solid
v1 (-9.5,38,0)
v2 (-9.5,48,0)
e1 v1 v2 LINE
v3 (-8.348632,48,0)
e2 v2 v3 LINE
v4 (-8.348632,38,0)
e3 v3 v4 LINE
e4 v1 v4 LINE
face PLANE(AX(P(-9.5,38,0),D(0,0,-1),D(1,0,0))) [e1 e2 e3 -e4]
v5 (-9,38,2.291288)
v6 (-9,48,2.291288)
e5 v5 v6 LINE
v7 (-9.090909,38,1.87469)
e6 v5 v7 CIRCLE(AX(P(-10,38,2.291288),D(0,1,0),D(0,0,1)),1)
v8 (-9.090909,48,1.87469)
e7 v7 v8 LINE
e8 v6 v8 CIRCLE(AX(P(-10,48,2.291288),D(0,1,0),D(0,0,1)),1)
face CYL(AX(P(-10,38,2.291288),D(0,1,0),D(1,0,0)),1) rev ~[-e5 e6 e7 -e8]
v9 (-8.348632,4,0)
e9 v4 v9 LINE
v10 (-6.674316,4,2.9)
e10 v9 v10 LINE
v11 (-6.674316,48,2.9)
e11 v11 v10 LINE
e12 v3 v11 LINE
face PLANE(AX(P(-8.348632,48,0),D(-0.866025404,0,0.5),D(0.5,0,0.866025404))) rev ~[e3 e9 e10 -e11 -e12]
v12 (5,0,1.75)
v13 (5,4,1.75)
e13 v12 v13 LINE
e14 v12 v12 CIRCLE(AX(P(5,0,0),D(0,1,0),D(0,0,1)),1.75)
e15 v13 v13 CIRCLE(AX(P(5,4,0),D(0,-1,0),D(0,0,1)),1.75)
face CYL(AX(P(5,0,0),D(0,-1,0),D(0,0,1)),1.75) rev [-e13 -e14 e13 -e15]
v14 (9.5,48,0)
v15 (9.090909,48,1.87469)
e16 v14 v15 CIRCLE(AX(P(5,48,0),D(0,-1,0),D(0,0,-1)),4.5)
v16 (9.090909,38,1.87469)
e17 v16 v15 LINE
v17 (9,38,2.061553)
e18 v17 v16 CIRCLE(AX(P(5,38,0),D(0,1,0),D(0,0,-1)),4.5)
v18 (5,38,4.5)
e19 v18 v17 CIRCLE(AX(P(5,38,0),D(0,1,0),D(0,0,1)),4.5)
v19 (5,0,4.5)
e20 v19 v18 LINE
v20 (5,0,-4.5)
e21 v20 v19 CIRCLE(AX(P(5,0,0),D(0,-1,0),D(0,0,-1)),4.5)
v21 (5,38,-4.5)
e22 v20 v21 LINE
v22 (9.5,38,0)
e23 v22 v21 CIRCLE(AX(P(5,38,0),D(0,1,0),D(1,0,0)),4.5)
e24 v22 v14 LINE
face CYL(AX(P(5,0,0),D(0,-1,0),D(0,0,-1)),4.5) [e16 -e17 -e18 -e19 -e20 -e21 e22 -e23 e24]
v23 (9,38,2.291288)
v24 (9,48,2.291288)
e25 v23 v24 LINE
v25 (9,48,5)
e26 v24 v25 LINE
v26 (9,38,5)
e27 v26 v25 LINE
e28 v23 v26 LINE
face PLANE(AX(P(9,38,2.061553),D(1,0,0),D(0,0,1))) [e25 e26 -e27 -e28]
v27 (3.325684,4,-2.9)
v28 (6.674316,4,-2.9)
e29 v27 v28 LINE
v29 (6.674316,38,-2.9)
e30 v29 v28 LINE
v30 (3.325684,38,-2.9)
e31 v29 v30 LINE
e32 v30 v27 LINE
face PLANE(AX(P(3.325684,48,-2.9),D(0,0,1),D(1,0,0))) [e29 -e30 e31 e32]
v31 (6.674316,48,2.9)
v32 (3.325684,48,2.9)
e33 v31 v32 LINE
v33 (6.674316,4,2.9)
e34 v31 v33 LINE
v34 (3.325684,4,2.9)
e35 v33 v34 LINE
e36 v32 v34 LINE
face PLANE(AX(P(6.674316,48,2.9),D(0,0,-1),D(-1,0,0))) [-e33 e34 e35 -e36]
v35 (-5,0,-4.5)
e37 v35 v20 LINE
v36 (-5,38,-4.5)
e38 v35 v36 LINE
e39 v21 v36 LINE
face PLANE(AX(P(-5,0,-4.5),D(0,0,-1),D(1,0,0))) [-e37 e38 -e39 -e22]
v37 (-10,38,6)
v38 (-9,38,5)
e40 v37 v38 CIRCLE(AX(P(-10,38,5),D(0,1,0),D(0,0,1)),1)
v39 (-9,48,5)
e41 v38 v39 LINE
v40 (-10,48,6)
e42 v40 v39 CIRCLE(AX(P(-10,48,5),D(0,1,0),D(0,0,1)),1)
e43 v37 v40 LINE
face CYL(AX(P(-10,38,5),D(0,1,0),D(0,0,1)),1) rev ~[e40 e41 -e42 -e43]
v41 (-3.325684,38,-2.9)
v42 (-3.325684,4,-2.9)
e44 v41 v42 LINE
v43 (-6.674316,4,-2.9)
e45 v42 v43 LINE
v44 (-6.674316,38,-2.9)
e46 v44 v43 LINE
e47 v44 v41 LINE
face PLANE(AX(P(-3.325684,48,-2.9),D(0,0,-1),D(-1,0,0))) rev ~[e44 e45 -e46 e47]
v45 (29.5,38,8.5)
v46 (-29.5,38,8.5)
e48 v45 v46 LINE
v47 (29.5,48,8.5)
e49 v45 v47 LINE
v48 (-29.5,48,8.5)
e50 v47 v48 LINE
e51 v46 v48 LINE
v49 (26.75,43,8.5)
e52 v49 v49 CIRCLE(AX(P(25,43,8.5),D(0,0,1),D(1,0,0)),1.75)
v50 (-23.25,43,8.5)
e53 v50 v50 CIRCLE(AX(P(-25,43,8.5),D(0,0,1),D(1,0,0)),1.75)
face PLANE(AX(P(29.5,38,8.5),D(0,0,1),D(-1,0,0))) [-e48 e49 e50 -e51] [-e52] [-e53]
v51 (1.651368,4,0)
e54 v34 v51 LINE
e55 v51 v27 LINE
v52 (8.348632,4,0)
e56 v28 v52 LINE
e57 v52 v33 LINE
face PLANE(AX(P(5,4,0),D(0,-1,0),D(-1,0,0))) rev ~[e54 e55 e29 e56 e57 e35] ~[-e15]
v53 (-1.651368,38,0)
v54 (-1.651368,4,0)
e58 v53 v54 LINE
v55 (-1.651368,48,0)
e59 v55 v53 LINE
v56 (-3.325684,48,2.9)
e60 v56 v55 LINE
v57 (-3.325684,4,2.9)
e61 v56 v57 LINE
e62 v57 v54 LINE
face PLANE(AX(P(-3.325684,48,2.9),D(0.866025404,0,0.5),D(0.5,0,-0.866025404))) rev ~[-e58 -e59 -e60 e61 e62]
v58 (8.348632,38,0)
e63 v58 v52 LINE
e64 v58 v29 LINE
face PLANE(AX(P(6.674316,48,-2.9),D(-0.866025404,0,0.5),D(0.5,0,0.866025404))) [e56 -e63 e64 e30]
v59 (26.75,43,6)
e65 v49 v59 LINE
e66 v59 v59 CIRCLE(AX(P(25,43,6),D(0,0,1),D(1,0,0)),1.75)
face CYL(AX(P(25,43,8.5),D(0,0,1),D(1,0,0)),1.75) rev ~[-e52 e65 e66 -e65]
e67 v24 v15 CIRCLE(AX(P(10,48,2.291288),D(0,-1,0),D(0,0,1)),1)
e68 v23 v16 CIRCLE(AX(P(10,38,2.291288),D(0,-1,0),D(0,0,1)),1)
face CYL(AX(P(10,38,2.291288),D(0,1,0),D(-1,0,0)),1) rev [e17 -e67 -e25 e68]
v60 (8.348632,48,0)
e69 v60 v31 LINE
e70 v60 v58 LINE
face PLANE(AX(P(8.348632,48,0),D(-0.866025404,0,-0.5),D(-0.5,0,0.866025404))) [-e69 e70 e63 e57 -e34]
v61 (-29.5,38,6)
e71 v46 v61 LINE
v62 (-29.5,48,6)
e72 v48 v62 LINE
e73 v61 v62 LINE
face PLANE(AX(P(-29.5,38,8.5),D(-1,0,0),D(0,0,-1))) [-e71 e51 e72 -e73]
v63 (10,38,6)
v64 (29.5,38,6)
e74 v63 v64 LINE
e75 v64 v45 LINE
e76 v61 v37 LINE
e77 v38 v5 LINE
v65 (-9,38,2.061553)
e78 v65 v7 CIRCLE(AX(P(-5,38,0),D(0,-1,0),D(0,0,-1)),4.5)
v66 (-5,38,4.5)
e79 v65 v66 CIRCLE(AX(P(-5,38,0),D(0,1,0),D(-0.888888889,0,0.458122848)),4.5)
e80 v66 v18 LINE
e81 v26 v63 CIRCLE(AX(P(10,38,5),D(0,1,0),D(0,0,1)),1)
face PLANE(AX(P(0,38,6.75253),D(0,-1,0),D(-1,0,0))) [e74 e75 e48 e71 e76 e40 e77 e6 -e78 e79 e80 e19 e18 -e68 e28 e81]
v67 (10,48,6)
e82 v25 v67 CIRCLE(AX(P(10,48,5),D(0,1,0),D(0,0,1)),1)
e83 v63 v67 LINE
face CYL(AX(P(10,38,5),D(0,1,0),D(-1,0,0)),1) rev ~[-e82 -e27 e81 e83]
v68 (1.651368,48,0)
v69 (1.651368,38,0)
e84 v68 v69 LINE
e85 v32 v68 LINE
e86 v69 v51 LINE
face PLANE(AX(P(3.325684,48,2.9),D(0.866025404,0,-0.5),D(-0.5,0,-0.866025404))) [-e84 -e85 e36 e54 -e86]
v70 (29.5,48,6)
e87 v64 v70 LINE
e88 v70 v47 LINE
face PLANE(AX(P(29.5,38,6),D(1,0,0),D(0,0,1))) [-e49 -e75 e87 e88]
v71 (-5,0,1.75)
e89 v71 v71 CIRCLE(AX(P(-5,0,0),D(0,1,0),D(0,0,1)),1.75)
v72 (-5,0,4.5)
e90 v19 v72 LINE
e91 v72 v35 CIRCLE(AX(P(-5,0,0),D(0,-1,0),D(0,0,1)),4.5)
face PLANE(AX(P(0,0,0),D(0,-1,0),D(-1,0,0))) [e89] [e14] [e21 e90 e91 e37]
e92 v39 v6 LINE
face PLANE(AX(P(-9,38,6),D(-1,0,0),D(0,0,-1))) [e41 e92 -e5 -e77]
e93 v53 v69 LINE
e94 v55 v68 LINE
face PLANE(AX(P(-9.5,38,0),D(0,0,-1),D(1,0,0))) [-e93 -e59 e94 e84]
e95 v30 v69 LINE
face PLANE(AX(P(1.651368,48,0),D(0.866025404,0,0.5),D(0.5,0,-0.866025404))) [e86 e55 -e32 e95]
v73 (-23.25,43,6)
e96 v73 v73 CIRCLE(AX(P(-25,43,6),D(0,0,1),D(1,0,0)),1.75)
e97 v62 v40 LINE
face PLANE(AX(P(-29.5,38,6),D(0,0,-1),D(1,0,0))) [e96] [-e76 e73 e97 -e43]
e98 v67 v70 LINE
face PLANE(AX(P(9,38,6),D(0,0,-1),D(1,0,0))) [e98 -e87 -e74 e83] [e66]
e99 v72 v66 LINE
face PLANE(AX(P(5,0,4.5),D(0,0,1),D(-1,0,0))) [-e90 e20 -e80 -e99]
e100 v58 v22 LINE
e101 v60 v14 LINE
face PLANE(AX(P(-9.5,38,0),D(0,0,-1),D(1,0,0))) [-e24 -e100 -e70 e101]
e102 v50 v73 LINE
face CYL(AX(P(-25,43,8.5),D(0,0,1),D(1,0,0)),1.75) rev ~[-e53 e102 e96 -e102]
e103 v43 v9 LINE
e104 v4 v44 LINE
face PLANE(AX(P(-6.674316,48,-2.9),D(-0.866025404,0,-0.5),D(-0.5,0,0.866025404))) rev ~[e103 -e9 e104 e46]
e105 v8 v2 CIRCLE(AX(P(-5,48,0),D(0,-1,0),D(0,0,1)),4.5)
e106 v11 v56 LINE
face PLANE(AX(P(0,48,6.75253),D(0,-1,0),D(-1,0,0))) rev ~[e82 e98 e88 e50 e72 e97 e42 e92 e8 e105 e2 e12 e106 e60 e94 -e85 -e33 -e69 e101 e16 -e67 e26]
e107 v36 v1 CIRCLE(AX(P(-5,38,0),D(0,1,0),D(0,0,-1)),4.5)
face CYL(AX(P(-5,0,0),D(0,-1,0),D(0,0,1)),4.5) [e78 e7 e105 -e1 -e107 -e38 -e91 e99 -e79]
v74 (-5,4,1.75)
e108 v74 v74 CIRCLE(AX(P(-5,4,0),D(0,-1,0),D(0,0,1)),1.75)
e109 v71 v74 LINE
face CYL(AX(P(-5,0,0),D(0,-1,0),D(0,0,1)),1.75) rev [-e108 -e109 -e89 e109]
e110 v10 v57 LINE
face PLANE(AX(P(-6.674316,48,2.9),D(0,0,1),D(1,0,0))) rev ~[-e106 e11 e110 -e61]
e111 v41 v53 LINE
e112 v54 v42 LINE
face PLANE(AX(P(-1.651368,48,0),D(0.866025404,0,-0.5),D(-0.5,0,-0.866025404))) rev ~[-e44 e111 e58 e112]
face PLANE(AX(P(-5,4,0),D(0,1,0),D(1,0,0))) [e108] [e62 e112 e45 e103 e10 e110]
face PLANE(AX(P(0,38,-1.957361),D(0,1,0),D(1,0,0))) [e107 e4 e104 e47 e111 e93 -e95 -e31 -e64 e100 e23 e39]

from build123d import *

# Parameters (mm, degrees)
SKETCH1_R           = 1.75
BOSS_EXTRUDE1_DEPTH = 48
CUT_EXTRUDE1_DEPTH  = 44
BOSS_EXTRUDE2_START = -10
BOSS_EXTRUDE2_DEPTH = 10
CUT_EXTRUDE2_START  = -10
CUT_EXTRUDE2_DEPTH  = 10
FILLET3_R           = 1
SKETCH6_R           = 1.75
CUT_EXTRUDE3_DEPTH  = 10


with BuildPart() as part:
    # Sketch1 → Boss-Extrude1 (new body)
    with BuildSketch(Plane(origin=(0, 0, 0), x_dir=(1, 0, 0), z_dir=(0, 1, 0))):
        with BuildLine():
            Line((-5, 4.5), (5, 4.5))
            ThreePointArc((5, 4.5), (9.5, 0), (5, -4.5))
            Line((5, -4.5), (-5, -4.5))
            ThreePointArc((-5, -4.5), (-9.5, 0), (-5, 4.5))
        make_face()
        with Locations(Location((-5, 0, 0), (0, 0, 270))):
            Circle(SKETCH1_R, mode=Mode.SUBTRACT)
        with Locations(Location((5, 0, 0), (0, 0, 270))):
            Circle(SKETCH1_R, mode=Mode.SUBTRACT)
    extrude(amount=BOSS_EXTRUDE1_DEPTH)

    # Sketch2 → Cut-Extrude1 (cut)
    with BuildSketch(Plane(origin=(0, 48, 0), x_dir=(1, 0, 0), z_dir=(0, 1, 0))):
        Polygon((-1.651368439, 0), (-3.325684219, 2.9), (-6.674315781, 2.9), (-8.348631561, 0), (-6.674315781, -2.9), (-3.325684219, -2.9), align=None)
        Polygon((3.325684219, -2.9), (1.651368439, 0), (3.325684219, 2.9), (6.674315781, 2.9), (8.348631561, 0), (6.674315781, -2.9), align=None)
    extrude(amount=-CUT_EXTRUDE1_DEPTH, mode=Mode.SUBTRACT)

    # Sketch4 → Boss-Extrude2 (add)
    with BuildSketch(Plane(origin=(0, 48, 0), x_dir=(1, 0, 0), z_dir=(0, 1, 0)).offset(BOSS_EXTRUDE2_START)):
        with BuildLine():
            Line((-5, -4.5), (5, -4.5))
            ThreePointArc((5, -4.5), (7.342329219, -3.842329219), (9, -2.061552813))
            Line((9, -2.061552813), (9, -6))
            Line((9, -6), (29.5, -6))
            Line((29.5, -6), (29.5, -8.5))
            Line((29.5, -8.5), (10.5, -8.5))
            Line((10.5, -8.5), (-10.5, -8.5))
            Line((-10.5, -8.5), (-29.5, -8.5))
            Line((-29.5, -8.5), (-29.5, -6))
            Line((-29.5, -6), (-9, -6))
            Line((-9, -6), (-9, -2.061552813))
            ThreePointArc((-9, -2.061552813), (-7.342329219, -3.842329219), (-5, -4.5))
        make_face()
    extrude(amount=BOSS_EXTRUDE2_DEPTH)

    # Sketch5 → Cut-Extrude2 (cut)
    with BuildSketch(Plane(origin=(0, 48, 0), x_dir=(1, 0, 0), z_dir=(0, 1, 0)).offset(CUT_EXTRUDE2_START)):
        with BuildLine():
            Line((-9.5, 0), (9.5, 0))
            ThreePointArc((9.5, 0), (8.181980515, 3.181980515), (5, 4.5))
            Line((5, 4.5), (-5, 4.5))
            ThreePointArc((-5, 4.5), (-8.181980515, 3.181980515), (-9.5, 0))
        make_face()
    extrude(amount=CUT_EXTRUDE2_DEPTH, mode=Mode.SUBTRACT)

    # Fillet3
    fillet3_edges = [part.edges().sort_by_distance(p)[0] for p in [
        (-9, 43, 6),
        (-9, 43, 2.061552813),
        (9, 43, 2.061552813),
        (9, 43, 6),
    ]]
    fillet(fillet3_edges, radius=FILLET3_R)

    # Sketch6 → Cut-Extrude3 (cut)
    with BuildSketch(Plane.XY.offset(8.5)):
        with Locations((-25, 43)):
            Circle(SKETCH6_R)
        with Locations((25, 43)):
            Circle(SKETCH6_R)
    extrude(amount=-CUT_EXTRUDE3_DEPTH, mode=Mode.SUBTRACT)


solid = part.part
